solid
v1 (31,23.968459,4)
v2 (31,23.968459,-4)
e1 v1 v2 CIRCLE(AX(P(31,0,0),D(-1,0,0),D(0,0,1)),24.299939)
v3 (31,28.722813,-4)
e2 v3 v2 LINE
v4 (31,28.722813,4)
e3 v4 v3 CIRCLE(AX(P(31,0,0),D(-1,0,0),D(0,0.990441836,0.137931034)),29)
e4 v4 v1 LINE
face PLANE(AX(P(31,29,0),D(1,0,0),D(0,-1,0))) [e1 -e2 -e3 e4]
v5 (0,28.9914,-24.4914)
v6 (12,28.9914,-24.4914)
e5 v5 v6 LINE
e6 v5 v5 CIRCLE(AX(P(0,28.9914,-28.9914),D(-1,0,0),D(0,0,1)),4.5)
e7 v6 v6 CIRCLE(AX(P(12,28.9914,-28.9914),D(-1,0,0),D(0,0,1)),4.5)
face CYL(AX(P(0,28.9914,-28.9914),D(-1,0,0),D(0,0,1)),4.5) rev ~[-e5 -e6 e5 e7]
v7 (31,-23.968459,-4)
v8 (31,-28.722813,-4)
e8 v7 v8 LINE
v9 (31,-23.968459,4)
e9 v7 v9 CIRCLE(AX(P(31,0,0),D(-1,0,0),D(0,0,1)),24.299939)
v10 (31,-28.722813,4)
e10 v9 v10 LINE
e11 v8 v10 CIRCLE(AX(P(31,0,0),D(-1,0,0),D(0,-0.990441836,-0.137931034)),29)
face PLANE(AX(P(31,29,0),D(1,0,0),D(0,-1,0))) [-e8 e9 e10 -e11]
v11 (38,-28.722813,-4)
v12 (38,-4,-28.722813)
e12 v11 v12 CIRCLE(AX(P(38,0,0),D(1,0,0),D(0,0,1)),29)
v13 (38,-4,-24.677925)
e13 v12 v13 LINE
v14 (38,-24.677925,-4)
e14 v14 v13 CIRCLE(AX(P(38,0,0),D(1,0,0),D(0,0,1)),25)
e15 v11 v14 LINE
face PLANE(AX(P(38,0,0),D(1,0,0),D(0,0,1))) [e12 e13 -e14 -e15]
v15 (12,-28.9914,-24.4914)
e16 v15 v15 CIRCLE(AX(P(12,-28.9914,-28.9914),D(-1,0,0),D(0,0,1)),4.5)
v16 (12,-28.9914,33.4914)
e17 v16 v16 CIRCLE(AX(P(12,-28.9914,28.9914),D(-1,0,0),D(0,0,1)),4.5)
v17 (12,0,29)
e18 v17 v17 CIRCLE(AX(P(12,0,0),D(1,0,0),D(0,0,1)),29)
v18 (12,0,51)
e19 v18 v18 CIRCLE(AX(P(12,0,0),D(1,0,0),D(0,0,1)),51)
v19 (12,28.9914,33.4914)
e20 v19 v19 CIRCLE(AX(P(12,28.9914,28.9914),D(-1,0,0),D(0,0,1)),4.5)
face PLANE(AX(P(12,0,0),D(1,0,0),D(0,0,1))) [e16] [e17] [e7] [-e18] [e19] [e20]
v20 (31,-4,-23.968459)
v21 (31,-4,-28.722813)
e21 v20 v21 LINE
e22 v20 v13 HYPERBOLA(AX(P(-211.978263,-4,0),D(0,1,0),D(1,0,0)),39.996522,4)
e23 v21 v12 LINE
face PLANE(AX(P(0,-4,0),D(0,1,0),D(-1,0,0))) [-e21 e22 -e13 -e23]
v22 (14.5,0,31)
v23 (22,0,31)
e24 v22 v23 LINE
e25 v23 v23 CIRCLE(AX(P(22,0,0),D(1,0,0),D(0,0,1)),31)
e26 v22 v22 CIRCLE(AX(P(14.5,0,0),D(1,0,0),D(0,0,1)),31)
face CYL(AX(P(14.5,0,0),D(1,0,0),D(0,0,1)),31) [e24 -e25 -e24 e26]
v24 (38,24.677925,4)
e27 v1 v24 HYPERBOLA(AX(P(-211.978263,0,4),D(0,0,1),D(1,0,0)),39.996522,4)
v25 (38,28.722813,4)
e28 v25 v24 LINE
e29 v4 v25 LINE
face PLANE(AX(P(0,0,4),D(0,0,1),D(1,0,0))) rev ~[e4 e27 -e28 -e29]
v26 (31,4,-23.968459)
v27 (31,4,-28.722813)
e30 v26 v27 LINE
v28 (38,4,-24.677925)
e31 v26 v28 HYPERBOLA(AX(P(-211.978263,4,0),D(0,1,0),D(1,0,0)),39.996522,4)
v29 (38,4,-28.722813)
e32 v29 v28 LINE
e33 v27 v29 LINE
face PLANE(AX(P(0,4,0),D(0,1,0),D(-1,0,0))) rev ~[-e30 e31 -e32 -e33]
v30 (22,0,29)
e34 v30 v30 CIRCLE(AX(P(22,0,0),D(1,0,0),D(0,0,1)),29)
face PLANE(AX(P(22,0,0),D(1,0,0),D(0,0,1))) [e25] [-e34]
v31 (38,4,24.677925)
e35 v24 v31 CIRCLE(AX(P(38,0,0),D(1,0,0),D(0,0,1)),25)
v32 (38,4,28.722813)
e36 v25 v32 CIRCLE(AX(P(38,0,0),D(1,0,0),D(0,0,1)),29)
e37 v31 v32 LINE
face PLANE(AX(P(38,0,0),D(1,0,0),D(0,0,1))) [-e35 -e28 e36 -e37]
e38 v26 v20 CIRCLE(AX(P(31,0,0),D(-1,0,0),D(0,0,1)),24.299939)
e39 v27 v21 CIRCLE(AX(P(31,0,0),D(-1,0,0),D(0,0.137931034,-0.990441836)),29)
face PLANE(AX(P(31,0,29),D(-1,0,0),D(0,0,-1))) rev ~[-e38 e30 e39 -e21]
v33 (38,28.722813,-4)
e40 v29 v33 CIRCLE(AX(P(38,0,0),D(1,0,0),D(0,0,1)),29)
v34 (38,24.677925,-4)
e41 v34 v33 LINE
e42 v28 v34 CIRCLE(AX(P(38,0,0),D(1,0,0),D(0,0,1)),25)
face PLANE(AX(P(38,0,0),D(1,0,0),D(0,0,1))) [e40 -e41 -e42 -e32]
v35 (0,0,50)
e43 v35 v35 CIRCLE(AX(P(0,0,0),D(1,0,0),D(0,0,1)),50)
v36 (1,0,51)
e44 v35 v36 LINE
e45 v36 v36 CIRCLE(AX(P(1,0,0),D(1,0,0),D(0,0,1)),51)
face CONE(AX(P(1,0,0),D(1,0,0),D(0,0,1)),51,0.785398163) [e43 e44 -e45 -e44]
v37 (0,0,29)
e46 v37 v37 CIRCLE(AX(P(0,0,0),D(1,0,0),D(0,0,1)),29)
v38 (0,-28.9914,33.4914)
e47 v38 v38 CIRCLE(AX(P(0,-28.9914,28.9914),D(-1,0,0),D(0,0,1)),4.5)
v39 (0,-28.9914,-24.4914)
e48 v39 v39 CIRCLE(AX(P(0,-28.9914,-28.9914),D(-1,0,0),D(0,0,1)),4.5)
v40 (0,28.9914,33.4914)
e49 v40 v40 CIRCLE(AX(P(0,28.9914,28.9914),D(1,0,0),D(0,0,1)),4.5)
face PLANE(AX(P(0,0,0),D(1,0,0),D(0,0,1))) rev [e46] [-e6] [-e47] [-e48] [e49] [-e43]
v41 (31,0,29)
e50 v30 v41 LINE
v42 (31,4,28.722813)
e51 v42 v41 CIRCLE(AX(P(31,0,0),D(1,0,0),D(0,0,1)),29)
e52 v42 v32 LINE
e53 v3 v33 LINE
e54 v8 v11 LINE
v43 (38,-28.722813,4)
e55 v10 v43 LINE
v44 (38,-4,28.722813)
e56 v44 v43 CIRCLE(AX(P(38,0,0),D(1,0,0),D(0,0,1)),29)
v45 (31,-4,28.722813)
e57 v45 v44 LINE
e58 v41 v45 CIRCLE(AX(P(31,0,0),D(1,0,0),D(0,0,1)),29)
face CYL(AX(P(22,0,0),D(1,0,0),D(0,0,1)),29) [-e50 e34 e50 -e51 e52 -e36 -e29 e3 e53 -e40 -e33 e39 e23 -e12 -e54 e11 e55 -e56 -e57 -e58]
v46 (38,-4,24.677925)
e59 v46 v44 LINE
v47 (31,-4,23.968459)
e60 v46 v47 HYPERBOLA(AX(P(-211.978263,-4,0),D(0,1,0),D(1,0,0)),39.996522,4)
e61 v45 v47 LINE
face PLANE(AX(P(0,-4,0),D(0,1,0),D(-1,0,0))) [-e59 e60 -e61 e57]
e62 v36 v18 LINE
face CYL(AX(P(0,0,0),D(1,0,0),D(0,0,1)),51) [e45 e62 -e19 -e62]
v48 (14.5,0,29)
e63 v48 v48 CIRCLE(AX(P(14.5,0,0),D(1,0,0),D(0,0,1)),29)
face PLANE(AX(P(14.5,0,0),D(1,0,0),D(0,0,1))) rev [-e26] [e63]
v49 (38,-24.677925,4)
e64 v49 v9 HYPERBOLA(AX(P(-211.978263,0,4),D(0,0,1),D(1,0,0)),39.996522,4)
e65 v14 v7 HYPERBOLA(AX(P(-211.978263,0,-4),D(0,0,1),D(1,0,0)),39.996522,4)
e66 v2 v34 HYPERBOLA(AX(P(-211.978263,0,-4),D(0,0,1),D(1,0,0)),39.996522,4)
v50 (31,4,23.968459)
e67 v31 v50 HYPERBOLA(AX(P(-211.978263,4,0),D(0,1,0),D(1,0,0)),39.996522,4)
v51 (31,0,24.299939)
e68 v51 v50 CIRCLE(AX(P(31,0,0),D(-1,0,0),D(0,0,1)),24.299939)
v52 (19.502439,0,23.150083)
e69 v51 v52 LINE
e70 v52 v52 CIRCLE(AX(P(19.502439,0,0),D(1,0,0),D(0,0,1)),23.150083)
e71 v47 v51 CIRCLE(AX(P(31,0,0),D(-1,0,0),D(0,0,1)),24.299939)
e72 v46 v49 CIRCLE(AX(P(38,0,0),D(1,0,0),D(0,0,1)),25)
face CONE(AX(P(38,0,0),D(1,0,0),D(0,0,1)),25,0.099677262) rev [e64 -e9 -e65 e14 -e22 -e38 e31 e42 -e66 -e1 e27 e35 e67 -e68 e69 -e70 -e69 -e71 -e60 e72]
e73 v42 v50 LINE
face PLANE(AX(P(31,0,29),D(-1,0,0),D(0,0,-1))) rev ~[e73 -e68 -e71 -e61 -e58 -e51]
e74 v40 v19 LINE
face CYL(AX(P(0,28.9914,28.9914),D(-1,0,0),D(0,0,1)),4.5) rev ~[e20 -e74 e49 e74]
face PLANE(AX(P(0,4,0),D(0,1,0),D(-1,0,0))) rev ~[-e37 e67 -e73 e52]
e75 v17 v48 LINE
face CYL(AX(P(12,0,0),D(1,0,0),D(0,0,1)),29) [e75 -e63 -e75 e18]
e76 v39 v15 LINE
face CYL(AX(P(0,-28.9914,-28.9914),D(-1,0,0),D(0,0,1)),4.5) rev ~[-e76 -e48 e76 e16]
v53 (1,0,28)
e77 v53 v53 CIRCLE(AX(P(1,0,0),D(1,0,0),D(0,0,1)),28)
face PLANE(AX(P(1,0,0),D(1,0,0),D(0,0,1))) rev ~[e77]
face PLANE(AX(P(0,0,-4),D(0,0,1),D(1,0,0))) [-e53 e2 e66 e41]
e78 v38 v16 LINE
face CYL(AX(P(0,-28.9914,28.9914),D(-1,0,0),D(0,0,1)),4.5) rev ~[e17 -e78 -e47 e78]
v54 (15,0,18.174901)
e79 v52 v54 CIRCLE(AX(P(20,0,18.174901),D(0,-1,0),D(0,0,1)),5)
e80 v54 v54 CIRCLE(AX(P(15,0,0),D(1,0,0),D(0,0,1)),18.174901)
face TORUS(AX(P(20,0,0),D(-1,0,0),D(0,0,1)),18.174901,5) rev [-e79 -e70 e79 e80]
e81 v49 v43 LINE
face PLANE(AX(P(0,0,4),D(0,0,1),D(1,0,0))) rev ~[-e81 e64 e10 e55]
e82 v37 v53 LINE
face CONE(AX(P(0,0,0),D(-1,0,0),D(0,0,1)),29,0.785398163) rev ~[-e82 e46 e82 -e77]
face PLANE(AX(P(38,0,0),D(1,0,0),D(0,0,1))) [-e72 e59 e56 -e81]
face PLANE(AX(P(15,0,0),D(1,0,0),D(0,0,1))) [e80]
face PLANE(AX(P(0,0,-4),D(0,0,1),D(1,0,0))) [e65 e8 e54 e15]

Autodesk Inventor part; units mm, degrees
ref_plane "YZ Plane" through (0, 0, 0) normal (1, 0, 0) x (0, 1, 0)
ref_plane "XZ Plane" through (0, 0, 0) normal (0, 1, 0) x (-1, 0, 0)
ref_plane "XY Plane" through (0, 0, 0) normal (0, 0, 1) x (1, 0, 0)
sketch "草图1" plane through (0, 0, 0) normal (0, 1, 0) x (-1, 0, 0)
  line L0 (0, 51) -> (-12, 51)
  line L1 (-12, 51) -> (-12, 29)
  line L2 (-12, 29) -> (-14.5, 29)
  line L3 (-14.5, 29) -> (-14.5, 31)
  line L4 (-14.5, 31) -> (-22, 31)
  line L5 (-22, 31) -> (-22, 29)
  line L6 (-22, 29) -> (-38, 29)
  line L7 (-38, 29) -> (-38, 0)
  line L8 (-38, 0) -> (0, 0)
  line L9 (0, 0) -> (0, 51)
  line L10 (0, 29) -> (-1, 28)
  line L11 (-1, 28) -> (-1, 0)
  line L12 (-38, 25) -> (-15, 22.6998)
  line L13 (-15, 22.6998) -> (-15, 0)
  line L14 (7.6, 0) -> (-45.6, 0) projected
  dimension "d2" = 51
  dimension "d4" = 26
  dimension "d5" = 12
  dimension "d6" = 31
  dimension "d7" = 29
  dimension "d8" = 10
  dimension "d9" = 2.5
  dimension "d10" = 29
  dimension "d11" = 45
  dimension "d12" = 1
  dimension "d13" = 15
  dimension "d14" = 25
  dimension "d15" = 84.289
revolve "旋转1" add sketch "草图1" angle 360 about axis through (-10, 0, 0) along (1, 0, 0) contours L9 L10 L11 L8 L13 L12 L7 L6 L5 L4 L3 L2 L1 L0
sketch "草图2" plane through (0, 0, 0) normal (0, 1, 0) x (-1, 0, 0)
  line L0 (-22, 29) -> (-38, 29) projected
  line L1 (-38, 29) -> (-31, 29)
  line L2 (-31, 29) -> (-31, -29)
  line L3 (-31, -29) -> (-38, -29)
  line L4 (-38, -29) -> (-38, 29)
  point P0 (0, 0)
  dimension "d17" = 7
extrude "拉伸1" cut sketch "草图2" along normal mid plane 8
sketch "草图3" plane through (0, 0, 0) normal (0, 0, 1) x (1, 0, 0)
  line L0 (38, 4) -> (38, 29) projected
  line L1 (22, -29) -> (38, -29) projected
  line L2 (38, 29) -> (31, 29)
  line L3 (31, 29) -> (31, -29)
  line L4 (31, -29) -> (38, -29)
  line L5 (38, -29) -> (38, 29)
  point P0 (0, 0)
  dimension "d20" = 7
extrude "拉伸2" cut sketch "草图3" along normal mid plane 8
sketch "草图4" plane through (0, 0, 0) normal (-1, 0, 0) x (0, 0, 1)
  circle A0 centre (28.9914, 28.9914) radius 4.5
  circle A1 centre (-28.9914, 28.9914) radius 4.5
  circle A2 centre (-28.9914, -28.9914) radius 4.5
  circle A3 centre (28.9914, -28.9914) radius 4.5
  line L0 (28.9914, 28.9914) -> (0, 0)
  line L1 (0, -71.4) -> (0, 71.4) projected
  dimension "d23" = 9
  dimension "d24" = 41
  dimension "d27" = 360
  dimension "d35" = 45
extrude "拉伸3" cut sketch "草图4" against normal up to surface (12 mm away)
chamfer "倒角1" distance 1 angle 45 1 edges at (0, 0, -51)
fillet "圆角1" radius 5 1 edges at (15, 0, -22.6998)
equation "\"d2\" = 0.5 * D2"
equation "\"d4\" = M"
equation "\"d5\" = e"
equation "\"d6\" = 0.5 * D"
equation "\"d7\" = 0.5 * D_d"
equation "\"d8\" = e1"
equation "\"d10\" = 0.5 * D_d"
equation "\"d13\" = b1"
equation "\"d14\" = 0.5 * D4"
equation "\"d17\" = h_b"
equation "\"d18\" = b"
equation "\"d20\" = h_b"
equation "\"d21\" = b"
equation "\"d23\" = d0"
equation "\"d24\" = 0.5 * D0"
equation "\"d29\" = b"
equation "\"d3\" = 8"
equation "\"d0\" = 9"
equation "\"D\" = 62"
equation "\"D0\" = 82"
equation "\"D2\" = 102"
equation "\"D_d\" = 58"
equation "\"e\" = 12"
equation "\"e1\" = 10"
equation "\"b\" = 8"
equation "\"h_b\" = 7"
equation "\"M\" = 26"
equation "\"b1\" = 15"
equation "\"d1\" = 26"
equation "\"D4\" = 50"
properties part number "高速轴承闷盖" material "灰口铁"
